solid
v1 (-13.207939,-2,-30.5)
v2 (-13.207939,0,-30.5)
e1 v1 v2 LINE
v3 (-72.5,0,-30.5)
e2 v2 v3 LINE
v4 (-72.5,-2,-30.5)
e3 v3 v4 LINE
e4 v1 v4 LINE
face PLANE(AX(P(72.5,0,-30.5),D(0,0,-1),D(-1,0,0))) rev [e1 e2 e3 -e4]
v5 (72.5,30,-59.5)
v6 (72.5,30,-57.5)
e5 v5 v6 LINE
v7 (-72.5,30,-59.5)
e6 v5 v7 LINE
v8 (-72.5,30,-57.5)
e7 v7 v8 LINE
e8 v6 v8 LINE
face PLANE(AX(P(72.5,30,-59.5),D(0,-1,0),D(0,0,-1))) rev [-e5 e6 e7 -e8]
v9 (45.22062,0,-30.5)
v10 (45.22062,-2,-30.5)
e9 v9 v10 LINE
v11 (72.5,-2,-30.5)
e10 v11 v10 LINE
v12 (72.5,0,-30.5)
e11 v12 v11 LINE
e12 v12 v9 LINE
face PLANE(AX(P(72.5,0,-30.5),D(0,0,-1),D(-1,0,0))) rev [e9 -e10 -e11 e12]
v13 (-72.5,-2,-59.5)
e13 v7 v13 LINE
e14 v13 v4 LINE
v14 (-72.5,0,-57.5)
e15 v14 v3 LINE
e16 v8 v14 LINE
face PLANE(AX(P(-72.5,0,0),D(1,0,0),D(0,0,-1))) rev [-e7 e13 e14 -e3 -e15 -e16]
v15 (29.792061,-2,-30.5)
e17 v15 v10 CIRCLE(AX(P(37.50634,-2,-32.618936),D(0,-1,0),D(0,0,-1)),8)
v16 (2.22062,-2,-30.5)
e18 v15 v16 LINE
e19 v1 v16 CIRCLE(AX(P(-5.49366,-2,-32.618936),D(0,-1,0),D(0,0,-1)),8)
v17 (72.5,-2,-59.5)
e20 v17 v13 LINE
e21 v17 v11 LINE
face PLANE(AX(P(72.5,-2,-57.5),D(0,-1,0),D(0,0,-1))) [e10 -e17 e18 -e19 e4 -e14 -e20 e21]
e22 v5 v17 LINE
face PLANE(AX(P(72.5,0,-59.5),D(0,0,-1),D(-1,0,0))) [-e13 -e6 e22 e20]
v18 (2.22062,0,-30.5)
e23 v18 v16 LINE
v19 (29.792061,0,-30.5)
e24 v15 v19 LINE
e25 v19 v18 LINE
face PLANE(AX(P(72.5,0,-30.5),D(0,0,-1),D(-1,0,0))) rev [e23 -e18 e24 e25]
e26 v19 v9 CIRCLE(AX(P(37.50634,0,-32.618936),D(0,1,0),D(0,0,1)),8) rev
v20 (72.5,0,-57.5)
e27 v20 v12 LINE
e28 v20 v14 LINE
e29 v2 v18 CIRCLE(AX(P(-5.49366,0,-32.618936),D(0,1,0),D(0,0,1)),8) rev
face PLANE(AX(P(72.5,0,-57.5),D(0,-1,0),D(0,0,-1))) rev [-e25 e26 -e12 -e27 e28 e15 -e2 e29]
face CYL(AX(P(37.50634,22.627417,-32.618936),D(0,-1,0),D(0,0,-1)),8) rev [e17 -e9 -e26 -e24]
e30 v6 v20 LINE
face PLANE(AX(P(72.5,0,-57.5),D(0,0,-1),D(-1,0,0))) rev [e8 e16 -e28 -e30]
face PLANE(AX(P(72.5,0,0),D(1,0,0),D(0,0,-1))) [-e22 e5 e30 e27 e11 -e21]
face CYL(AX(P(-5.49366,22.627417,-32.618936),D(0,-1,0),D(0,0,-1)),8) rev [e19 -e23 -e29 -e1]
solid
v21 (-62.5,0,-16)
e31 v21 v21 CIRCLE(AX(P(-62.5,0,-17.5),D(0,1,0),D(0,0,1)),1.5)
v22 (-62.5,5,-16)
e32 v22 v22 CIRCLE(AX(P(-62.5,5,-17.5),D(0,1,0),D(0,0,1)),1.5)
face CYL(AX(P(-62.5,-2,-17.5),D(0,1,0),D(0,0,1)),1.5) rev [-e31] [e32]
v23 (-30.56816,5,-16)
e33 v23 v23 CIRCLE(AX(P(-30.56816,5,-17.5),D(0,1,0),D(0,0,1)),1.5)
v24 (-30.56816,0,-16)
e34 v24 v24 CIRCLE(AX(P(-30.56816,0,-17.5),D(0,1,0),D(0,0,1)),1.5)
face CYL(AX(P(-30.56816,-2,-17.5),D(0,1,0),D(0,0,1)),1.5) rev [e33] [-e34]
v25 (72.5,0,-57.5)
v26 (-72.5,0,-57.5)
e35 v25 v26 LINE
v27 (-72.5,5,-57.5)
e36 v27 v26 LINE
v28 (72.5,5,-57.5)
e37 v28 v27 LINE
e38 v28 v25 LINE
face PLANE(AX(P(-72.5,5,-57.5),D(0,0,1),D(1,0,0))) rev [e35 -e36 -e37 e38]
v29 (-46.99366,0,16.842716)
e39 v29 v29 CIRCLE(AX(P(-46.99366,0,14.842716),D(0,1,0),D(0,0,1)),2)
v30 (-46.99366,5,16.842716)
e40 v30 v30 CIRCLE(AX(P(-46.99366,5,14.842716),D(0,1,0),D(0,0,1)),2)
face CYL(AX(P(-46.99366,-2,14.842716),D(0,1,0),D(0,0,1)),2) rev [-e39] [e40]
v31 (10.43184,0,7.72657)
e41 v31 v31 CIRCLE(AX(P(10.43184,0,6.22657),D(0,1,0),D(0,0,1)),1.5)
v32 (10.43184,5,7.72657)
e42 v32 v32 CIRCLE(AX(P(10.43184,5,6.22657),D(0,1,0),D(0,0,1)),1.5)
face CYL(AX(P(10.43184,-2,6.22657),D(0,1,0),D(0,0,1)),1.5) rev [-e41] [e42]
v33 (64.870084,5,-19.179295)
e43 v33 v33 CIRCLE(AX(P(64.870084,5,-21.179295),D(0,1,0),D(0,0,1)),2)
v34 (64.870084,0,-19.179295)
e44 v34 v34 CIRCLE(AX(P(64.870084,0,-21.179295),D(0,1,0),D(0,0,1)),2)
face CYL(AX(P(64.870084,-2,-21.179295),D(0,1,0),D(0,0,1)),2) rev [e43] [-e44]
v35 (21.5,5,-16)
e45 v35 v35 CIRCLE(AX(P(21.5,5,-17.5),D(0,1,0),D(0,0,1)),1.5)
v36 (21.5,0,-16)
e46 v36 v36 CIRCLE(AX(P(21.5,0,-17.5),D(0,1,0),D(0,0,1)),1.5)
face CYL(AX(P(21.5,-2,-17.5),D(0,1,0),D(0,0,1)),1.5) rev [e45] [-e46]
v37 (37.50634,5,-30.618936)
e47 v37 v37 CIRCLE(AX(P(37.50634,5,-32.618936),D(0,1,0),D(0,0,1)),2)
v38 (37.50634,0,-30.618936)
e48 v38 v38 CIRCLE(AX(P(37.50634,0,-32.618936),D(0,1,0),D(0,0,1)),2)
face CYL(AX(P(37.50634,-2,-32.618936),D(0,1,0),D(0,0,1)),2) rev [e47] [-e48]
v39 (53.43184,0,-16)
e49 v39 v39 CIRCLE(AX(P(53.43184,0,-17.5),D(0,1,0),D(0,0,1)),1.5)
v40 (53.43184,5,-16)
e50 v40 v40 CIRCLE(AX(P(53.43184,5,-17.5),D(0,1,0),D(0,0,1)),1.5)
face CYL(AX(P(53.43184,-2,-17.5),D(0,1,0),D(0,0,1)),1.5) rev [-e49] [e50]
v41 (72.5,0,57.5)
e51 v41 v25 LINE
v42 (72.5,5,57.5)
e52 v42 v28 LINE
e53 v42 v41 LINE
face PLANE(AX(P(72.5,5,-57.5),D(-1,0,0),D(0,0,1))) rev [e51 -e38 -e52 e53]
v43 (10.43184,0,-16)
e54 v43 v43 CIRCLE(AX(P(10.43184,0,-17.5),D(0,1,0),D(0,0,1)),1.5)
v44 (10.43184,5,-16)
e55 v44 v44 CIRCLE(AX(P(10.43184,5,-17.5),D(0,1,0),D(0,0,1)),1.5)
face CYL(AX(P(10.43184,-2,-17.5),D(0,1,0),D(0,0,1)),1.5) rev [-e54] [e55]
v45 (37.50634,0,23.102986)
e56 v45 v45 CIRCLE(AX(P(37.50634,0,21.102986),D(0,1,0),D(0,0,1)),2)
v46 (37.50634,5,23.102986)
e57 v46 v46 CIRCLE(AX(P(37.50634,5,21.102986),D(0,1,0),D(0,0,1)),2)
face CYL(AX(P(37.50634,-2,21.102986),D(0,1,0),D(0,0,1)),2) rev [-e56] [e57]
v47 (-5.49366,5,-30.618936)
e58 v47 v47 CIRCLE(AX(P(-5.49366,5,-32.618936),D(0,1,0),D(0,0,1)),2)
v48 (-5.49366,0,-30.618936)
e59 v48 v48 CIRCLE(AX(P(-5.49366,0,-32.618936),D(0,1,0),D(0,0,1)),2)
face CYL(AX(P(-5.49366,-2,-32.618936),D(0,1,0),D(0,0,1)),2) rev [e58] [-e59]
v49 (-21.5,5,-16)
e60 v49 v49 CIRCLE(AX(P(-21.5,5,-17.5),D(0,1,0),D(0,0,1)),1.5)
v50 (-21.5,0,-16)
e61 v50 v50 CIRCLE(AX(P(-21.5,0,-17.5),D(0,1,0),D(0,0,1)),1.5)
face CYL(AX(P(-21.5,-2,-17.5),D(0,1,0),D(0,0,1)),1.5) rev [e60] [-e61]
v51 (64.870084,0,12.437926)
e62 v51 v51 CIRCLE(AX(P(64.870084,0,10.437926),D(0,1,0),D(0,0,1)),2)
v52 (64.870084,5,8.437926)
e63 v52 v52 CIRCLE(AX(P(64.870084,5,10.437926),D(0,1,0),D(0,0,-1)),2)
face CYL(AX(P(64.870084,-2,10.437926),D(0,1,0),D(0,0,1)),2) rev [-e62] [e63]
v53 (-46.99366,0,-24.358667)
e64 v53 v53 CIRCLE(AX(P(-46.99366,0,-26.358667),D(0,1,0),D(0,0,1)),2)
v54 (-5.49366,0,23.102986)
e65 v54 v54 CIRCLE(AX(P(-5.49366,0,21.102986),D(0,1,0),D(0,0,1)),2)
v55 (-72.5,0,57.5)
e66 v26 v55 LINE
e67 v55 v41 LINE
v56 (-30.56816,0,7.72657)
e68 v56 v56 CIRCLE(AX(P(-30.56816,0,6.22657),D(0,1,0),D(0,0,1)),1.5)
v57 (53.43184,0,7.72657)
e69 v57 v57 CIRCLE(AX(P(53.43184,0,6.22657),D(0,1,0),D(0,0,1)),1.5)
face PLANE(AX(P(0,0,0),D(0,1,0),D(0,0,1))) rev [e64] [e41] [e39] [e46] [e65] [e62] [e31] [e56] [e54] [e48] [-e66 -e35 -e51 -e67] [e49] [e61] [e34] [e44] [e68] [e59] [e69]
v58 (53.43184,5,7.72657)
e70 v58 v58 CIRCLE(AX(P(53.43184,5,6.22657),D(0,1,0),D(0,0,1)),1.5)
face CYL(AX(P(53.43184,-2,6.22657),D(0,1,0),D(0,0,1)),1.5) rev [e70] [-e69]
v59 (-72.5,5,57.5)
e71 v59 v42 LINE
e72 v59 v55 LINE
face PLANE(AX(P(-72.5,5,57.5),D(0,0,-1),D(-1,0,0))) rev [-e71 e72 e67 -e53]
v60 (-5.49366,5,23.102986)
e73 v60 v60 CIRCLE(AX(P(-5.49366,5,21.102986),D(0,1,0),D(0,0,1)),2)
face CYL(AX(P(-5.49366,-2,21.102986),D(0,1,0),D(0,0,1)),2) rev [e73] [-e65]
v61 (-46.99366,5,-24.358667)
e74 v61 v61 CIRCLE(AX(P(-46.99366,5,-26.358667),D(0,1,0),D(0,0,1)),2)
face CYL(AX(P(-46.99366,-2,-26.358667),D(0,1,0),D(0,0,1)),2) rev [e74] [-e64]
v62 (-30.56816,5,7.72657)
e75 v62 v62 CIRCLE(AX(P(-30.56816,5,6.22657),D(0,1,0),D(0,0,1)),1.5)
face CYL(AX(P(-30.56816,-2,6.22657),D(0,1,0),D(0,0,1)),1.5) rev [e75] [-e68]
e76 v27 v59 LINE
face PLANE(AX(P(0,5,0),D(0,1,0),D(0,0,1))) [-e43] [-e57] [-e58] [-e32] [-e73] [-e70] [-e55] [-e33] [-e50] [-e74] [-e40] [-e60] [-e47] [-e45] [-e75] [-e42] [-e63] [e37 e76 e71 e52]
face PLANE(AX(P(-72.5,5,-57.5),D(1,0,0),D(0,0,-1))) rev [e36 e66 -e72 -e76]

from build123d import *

# Parameters (mm, degrees)
SKETCH1_W           = 145
SKETCH1_H           = 115
BOSS_EXTRUDE1_DEPTH = 5
EXTRUDE_THIN1_DEPTH = 145
SKETCH3_R           = 1.5
SKETCH3_R_2         = 2
CUT_EXTRUDE1_DEPTH  = 98.064411604
SKETCH4_R           = 8
CUT_EXTRUDE2_DEPTH  = 2


with BuildPart() as part:
    # Sketch1 → Boss-Extrude1 (new body)
    with BuildSketch(Plane(origin=(0, 0, 0), x_dir=(1, 0, 0), z_dir=(0, 1, 0))):
        Rectangle(SKETCH1_W, SKETCH1_H)
    extrude(amount=BOSS_EXTRUDE1_DEPTH)

    # Sketch3 → Cut-Extrude1 (cut, through all)
    with BuildSketch(Plane(origin=(0, 5, 0), x_dir=(1, 0, 0), z_dir=(0, 1, 0))):
        with Locations(Location((-62.5, 17.5, 0), (0, 0, 270))):
            Circle(SKETCH3_R)
        with Locations(Location((-30.568159754, 17.5, 0), (0, 0, 270))):
            Circle(SKETCH3_R)
        with Locations(Location((-30.568159754, -6.226569904, 0), (0, 0, 270))):
            Circle(SKETCH3_R)
        with Locations(Location((-21.5, 17.5, 0), (0, 0, 270))):
            Circle(SKETCH3_R)
        with Locations(Location((10.431840246, 17.5, 0), (0, 0, 270))):
            Circle(SKETCH3_R)
        with Locations(Location((10.431840246, -6.226569904, 0), (0, 0, 270))):
            Circle(SKETCH3_R)
        with Locations(Location((21.5, 17.5, 0), (0, 0, 270))):
            Circle(SKETCH3_R)
        with Locations(Location((53.431840246, 17.5, 0), (0, 0, 270))):
            Circle(SKETCH3_R)
        with Locations(Location((53.431840246, -6.226569904, 0), (0, 0, 270))):
            Circle(SKETCH3_R)
        with Locations(Location((64.870084174, 21.179295002, 0), (0, 0, 270))):
            Circle(SKETCH3_R_2)
        with Locations(Location((64.870084174, -10.437925669, 0), (0, 0, 270))):
            Circle(SKETCH3_R_2)
        with Locations(Location((-46.993659826, -14.842716188, 0), (0, 0, 270))):
            Circle(SKETCH3_R_2)
        with Locations(Location((-46.993659826, 26.358666589, 0), (0, 0, 270))):
            Circle(SKETCH3_R_2)
        with Locations(Location((-5.493659826, 32.618936328, 0), (0, 0, 270))):
            Circle(SKETCH3_R_2)
        with Locations(Location((37.506340174, 32.618936328, 0), (0, 0, 270))):
            Circle(SKETCH3_R_2)
        with Locations(Location((-5.493659826, -21.102985926, 0), (0, 0, 270))):
            Circle(SKETCH3_R_2)
        with Locations(Location((37.506340174, -21.102985926, 0), (0, 0, 270))):
            Circle(SKETCH3_R_2)
    extrude(amount=-CUT_EXTRUDE1_DEPTH, mode=Mode.SUBTRACT)


with BuildPart() as body_2:
    # Sketch2 → Extrude-Thin1 (new body)
    with BuildSketch(Plane.ZY.offset(72.5)):
        Polygon((-30.5, 0), (-57.5, 0), (-57.5, 30), (-59.5, 30), (-59.5, -2), (-30.5, -2), align=None)
    extrude(amount=-EXTRUDE_THIN1_DEPTH)

    # Sketch4 → Cut-Extrude2 (cut)
    with BuildSketch(Plane.XZ.offset(2)):
        with Locations((-5.493659826, -32.618936328)):
            Circle(SKETCH4_R)
        with Locations((37.506340174, -32.618936328)):
            Circle(SKETCH4_R)
    extrude(amount=-CUT_EXTRUDE2_DEPTH, mode=Mode.SUBTRACT)


solid = Compound([part.part, body_2.part])
